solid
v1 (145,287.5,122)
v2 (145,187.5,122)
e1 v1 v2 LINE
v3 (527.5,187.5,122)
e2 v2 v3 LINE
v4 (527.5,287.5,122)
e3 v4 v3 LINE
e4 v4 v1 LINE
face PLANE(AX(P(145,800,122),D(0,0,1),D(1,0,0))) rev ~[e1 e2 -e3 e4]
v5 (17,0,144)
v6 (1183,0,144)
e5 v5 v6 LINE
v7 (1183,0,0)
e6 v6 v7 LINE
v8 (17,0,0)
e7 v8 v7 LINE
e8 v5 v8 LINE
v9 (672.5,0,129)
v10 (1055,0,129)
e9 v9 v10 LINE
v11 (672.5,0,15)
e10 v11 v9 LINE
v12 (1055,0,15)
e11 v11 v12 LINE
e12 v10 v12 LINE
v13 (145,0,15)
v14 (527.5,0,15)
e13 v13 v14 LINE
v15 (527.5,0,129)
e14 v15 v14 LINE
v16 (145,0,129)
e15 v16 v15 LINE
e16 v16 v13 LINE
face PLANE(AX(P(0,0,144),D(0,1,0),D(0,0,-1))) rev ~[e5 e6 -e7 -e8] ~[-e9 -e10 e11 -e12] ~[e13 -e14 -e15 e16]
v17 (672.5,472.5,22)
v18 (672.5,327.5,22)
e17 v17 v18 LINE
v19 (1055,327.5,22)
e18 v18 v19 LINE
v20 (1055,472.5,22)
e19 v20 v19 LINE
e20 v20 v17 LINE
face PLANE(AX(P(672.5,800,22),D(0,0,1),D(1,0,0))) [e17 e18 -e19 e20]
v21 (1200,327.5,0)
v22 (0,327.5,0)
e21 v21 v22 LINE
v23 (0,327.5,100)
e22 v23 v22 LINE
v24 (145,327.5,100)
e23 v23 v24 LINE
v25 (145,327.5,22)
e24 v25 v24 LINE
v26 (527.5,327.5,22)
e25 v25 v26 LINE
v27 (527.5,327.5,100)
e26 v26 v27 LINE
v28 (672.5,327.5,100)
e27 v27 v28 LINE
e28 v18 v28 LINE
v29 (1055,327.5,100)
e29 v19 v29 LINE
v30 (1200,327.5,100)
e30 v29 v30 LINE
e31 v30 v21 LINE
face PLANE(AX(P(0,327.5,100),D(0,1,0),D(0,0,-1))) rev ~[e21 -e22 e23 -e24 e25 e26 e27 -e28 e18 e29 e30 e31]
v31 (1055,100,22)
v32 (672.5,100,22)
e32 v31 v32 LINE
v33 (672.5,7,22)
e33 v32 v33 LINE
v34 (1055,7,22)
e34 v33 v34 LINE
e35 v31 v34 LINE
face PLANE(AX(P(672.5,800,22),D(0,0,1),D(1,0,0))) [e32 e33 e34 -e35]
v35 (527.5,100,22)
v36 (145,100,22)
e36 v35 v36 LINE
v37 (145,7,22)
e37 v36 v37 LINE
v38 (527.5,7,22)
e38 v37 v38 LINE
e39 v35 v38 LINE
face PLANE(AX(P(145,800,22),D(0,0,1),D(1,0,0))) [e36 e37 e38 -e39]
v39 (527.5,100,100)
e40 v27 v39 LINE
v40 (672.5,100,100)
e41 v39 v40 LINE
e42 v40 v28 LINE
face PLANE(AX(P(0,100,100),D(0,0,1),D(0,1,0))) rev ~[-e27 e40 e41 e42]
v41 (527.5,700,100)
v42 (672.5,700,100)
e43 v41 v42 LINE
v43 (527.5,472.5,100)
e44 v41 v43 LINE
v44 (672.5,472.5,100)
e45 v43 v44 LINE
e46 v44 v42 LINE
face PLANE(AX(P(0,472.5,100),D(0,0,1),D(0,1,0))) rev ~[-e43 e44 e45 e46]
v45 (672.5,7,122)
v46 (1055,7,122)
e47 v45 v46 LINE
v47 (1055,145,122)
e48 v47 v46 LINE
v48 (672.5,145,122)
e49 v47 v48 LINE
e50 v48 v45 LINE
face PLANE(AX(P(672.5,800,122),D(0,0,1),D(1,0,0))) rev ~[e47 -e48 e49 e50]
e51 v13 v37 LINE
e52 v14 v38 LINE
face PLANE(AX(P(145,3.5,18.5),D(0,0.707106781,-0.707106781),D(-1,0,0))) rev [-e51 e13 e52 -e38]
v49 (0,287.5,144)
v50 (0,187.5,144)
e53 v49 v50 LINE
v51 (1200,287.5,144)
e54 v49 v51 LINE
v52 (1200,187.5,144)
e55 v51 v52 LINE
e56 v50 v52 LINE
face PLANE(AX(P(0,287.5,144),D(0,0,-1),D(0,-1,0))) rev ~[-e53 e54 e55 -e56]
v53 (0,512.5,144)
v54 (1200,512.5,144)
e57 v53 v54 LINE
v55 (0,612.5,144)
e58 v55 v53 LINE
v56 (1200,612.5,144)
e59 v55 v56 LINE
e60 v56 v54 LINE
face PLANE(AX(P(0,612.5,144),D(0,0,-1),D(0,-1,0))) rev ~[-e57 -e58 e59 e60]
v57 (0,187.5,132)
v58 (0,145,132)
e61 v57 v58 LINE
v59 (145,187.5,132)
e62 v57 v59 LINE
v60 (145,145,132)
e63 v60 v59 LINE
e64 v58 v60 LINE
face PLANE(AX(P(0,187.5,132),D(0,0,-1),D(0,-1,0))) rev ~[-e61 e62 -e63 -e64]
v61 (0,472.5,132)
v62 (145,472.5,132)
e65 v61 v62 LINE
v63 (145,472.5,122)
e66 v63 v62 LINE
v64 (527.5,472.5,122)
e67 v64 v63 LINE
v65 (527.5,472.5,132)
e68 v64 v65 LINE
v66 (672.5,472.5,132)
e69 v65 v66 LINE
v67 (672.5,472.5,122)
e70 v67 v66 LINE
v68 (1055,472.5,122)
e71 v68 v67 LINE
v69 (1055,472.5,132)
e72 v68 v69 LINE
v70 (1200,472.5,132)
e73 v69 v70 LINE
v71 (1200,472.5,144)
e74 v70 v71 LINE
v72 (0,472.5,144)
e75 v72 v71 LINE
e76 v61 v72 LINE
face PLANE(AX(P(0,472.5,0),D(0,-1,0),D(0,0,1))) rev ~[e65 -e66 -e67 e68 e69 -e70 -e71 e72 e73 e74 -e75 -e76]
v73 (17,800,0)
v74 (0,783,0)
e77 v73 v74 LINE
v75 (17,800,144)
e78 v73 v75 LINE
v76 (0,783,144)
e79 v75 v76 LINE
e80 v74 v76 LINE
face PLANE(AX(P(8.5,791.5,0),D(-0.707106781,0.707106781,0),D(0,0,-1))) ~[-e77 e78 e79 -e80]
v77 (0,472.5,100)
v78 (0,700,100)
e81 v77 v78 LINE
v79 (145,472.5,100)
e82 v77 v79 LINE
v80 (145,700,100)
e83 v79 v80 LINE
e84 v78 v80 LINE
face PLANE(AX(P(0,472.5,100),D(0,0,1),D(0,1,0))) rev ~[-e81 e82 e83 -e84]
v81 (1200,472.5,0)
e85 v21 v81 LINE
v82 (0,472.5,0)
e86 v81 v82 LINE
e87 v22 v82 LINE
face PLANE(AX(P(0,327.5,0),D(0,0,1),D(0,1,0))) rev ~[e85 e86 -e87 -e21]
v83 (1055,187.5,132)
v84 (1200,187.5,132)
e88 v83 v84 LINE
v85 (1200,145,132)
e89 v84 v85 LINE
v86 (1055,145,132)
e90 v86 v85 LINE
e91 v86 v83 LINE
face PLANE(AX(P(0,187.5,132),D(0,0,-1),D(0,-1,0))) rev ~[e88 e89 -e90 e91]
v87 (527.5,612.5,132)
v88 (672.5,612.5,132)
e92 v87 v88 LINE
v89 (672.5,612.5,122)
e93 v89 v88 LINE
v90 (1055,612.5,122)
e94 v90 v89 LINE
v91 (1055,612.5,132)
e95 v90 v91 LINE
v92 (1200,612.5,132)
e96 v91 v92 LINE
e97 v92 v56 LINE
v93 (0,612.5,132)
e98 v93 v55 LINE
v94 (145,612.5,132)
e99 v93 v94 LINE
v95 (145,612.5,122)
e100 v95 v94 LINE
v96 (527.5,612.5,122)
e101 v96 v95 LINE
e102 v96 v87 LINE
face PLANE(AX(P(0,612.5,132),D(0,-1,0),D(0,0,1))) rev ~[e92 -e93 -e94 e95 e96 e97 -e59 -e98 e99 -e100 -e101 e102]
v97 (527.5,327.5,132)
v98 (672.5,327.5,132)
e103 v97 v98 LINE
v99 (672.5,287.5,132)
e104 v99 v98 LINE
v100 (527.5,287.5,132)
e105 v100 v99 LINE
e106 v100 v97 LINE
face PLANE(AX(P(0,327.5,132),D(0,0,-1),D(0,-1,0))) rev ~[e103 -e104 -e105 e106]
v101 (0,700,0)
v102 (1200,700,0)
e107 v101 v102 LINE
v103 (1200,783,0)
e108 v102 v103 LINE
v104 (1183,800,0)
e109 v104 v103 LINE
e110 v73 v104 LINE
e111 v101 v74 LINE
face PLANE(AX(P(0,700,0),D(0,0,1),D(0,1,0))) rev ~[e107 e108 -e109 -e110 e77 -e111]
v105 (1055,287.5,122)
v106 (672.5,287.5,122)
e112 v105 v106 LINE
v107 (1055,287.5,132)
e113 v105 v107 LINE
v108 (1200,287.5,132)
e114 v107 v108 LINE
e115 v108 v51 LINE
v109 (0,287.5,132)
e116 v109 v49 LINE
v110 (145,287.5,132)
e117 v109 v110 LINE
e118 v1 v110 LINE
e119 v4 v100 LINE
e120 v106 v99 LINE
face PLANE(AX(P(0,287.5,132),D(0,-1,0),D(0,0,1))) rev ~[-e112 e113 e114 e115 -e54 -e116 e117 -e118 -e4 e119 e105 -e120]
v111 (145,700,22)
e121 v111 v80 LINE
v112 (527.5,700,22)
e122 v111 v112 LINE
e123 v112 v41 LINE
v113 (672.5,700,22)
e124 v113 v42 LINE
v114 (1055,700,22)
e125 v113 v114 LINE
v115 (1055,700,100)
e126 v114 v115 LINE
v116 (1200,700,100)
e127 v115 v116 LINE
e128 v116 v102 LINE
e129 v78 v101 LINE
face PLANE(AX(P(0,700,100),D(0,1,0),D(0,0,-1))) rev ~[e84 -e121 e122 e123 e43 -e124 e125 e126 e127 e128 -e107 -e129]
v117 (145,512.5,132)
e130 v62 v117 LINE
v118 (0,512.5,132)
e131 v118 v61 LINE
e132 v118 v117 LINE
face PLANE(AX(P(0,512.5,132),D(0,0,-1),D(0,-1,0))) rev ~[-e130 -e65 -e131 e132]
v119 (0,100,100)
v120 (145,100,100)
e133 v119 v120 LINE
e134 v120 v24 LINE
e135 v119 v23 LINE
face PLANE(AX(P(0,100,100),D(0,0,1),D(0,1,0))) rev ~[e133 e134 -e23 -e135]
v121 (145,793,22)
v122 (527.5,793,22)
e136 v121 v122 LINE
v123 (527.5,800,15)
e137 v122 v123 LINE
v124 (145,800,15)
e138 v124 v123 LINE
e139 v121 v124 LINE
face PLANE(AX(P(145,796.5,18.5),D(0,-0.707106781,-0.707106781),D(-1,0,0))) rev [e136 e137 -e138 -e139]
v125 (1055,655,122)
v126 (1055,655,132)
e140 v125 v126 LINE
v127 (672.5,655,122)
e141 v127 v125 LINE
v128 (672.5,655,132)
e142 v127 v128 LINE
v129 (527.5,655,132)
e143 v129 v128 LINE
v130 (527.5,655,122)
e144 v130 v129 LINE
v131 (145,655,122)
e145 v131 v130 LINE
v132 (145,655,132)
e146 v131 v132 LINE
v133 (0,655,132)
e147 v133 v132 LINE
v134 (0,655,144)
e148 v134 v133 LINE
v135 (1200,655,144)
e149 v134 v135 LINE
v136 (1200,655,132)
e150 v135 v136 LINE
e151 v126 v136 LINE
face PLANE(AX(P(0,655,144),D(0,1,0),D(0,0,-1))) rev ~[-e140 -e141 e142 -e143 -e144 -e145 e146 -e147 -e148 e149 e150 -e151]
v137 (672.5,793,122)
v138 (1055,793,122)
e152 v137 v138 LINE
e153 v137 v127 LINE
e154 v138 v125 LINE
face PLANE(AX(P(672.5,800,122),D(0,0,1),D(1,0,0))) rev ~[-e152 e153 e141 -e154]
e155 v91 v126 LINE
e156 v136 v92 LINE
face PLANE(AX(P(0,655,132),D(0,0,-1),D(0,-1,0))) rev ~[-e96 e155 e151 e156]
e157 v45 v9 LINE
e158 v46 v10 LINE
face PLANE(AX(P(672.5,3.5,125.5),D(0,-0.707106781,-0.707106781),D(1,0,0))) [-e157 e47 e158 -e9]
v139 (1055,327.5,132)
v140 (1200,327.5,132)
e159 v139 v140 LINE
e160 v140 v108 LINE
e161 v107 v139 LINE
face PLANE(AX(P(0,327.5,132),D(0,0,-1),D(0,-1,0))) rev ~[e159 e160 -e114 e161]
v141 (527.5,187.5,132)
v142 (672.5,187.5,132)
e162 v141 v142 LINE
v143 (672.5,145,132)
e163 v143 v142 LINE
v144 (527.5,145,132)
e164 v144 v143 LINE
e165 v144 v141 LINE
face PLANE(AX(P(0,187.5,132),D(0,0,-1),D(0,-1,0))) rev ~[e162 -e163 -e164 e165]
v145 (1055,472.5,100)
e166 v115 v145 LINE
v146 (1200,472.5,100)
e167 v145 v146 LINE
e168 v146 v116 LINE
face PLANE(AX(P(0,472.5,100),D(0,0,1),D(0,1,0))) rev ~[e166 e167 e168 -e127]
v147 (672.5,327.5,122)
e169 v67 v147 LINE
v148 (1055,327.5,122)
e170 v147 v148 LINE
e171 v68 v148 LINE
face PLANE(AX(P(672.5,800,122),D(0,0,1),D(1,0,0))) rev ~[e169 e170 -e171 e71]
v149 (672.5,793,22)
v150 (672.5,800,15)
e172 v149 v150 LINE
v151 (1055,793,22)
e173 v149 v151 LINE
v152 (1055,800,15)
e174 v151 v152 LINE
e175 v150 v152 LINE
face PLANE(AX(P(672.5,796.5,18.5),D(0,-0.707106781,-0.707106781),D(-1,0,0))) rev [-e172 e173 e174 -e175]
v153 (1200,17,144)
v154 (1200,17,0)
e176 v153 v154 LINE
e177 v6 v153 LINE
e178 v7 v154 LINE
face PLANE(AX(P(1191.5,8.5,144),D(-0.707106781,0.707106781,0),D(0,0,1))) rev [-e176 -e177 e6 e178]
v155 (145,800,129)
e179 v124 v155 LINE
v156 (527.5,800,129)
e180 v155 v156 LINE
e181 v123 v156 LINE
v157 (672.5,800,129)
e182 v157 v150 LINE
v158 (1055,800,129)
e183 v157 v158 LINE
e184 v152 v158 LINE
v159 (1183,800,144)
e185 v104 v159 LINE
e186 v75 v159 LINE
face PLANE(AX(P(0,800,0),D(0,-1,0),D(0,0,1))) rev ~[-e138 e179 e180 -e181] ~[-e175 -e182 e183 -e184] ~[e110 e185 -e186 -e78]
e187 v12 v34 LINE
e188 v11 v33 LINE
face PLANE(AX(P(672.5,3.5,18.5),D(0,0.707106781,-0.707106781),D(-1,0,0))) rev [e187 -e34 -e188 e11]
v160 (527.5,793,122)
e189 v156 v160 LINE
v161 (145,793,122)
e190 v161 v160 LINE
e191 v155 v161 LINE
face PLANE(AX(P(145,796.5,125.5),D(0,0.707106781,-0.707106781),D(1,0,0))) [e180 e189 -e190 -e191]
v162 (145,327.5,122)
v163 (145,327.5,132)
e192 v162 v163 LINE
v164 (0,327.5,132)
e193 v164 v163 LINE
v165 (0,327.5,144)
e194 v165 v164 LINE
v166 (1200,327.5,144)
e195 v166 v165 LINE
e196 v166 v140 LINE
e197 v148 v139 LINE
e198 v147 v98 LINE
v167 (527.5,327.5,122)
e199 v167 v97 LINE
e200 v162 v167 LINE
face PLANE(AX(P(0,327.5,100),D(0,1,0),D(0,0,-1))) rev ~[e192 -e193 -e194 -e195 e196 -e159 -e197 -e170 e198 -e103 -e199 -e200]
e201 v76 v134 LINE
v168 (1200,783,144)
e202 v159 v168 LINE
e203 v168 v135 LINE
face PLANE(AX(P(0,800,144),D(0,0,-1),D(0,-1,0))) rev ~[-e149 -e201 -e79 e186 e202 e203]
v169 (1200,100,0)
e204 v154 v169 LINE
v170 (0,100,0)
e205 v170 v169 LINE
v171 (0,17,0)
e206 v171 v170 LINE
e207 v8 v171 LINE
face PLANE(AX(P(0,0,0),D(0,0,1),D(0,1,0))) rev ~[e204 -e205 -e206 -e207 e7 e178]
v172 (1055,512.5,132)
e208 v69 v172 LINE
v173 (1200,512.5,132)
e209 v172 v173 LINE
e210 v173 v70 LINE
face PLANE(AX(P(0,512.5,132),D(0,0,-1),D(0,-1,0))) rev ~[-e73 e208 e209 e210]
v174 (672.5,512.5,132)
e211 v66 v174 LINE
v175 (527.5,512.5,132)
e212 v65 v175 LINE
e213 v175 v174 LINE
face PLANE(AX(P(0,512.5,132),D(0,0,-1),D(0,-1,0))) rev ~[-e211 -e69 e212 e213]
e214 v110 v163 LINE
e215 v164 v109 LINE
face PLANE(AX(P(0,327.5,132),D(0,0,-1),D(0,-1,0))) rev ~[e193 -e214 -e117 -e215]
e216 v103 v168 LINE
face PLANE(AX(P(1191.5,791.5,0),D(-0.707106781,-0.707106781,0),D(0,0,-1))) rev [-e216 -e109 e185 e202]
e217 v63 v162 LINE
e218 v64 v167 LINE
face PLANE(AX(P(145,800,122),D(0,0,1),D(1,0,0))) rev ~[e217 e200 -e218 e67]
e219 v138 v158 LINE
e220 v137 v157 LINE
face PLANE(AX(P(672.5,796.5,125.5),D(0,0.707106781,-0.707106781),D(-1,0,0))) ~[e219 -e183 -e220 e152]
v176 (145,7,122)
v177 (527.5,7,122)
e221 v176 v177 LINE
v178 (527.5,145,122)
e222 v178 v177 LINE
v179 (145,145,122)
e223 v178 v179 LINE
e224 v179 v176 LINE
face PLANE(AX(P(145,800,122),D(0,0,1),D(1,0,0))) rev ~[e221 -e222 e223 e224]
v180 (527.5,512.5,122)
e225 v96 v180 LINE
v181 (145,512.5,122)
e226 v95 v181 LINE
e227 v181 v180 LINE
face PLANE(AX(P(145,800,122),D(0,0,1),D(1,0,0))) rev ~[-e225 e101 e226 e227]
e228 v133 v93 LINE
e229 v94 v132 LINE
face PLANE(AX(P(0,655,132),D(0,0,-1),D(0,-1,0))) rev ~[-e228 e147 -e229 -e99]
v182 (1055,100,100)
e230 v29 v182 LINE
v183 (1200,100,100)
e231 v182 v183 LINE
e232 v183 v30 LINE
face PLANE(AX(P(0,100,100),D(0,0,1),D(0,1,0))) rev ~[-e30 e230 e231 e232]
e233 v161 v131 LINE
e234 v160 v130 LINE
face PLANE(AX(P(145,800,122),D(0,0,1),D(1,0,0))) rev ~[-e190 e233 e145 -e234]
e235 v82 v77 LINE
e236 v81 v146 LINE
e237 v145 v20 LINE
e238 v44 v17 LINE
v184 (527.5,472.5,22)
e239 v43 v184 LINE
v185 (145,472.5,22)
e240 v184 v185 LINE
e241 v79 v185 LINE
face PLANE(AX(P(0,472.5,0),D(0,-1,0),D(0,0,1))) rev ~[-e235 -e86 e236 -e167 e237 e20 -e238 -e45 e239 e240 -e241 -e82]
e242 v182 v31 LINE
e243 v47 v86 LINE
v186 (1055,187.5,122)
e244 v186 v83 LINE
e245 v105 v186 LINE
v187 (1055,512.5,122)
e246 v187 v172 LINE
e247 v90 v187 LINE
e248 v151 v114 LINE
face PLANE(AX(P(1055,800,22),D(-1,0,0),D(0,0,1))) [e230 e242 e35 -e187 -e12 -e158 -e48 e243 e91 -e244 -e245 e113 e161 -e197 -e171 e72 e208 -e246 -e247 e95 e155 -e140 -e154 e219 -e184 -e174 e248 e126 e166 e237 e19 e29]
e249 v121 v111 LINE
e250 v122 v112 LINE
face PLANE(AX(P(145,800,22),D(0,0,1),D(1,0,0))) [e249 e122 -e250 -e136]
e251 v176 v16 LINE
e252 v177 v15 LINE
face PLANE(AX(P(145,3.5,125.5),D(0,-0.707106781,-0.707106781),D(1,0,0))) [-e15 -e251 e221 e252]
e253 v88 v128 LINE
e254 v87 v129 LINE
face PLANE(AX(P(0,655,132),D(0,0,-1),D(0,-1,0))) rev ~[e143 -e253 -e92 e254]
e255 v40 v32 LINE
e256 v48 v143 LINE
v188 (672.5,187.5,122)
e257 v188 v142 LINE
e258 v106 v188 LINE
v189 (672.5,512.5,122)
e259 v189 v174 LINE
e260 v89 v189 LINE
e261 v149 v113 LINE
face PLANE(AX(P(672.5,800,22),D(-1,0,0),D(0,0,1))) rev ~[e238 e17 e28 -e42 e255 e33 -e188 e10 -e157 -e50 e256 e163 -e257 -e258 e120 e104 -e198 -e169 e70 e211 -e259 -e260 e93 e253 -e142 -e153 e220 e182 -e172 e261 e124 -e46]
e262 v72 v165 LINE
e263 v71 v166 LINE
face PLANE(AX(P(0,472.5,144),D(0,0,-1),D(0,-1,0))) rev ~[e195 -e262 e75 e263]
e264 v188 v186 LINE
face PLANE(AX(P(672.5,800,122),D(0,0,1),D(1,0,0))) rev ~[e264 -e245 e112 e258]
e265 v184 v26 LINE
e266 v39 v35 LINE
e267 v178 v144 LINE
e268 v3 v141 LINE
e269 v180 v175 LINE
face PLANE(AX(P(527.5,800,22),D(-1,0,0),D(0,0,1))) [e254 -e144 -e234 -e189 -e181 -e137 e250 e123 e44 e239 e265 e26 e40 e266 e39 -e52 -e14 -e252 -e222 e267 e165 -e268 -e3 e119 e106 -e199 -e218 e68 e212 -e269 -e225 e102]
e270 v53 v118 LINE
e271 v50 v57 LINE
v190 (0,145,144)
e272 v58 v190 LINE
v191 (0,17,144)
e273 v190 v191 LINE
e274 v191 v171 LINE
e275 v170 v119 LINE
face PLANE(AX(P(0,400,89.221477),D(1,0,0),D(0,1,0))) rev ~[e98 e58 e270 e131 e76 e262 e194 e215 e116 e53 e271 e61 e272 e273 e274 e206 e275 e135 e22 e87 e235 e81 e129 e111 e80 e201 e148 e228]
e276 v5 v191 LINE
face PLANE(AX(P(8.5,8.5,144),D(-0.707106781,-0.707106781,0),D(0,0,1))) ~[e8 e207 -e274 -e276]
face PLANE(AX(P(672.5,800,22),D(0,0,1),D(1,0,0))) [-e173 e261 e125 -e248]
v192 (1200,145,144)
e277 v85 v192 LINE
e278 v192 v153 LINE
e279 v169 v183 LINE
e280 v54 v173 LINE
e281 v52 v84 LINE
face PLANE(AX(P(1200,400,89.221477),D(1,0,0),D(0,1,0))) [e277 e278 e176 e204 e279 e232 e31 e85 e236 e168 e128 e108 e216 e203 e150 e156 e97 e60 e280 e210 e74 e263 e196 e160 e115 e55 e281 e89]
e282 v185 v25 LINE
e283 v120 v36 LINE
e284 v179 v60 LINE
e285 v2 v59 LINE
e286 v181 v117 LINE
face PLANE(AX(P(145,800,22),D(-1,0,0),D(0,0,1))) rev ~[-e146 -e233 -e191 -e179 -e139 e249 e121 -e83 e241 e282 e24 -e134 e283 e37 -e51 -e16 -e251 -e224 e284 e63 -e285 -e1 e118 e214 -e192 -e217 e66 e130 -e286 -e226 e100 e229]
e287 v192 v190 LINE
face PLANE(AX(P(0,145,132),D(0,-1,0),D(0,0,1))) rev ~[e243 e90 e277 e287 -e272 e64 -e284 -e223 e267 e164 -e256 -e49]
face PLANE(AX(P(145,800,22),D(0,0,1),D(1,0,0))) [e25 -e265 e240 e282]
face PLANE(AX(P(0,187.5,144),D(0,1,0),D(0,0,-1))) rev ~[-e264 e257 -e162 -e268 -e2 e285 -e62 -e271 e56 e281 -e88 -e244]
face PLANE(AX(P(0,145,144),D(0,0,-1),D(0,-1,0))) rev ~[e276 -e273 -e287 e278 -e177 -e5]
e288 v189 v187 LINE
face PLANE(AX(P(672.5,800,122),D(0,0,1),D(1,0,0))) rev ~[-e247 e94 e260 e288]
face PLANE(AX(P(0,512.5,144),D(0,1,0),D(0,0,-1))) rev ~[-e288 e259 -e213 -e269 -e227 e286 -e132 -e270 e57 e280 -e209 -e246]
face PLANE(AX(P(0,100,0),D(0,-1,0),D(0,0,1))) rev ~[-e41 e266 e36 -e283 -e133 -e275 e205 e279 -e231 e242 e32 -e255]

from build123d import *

# Parameters (mm, degrees)
PAD_DEPTH       = 1200
CHAMFER_SIZE    = 17
SKETCH001_W     = 382.5
SKETCH001_H     = 42.5
SKETCH001_H_2   = 40
POCKET_DEPTH    = 144
SKETCH002_W     = 100
SKETCH002_H     = 382.5
POCKET001_DEPTH = 800
CHAMFER001_SIZE = 7
CHAMFER002_SIZE = 7


with BuildPart() as part:
    # Sketch → Pad (new body)
    with BuildSketch(Plane.YZ):
        Polygon((800, 0), (800, 144), (655, 144), (655, 132), (612.5, 132), (612.5, 144), (512.5, 144), (512.5, 132), (472.5, 132), (472.5, 144), (327.5, 144), (327.5, 132), (287.5, 132), (287.5, 144), (187.5, 144), (187.5, 132), (145, 132), (145, 144), (0, 144), (0, 0), (100, 0), (100, 100), (327.5, 100), (327.5, 0), (472.5, 0), (472.5, 100), (700, 100), (700, 0), align=None)
    extrude(amount=PAD_DEPTH)

    # Chamfer
    chamfer_edges = [part.edges().sort_by_distance(p)[0] for p in [
        (1200, 0, 72),
        (0, 0, 72),
        (0, 800, 72),
        (1200, 800, 72),
    ]]
    chamfer(chamfer_edges, length=CHAMFER_SIZE)

    # Sketch001 → Pocket (cut)
    with BuildSketch(Plane.XY):
        with Locations((336.25, 166.25)):
            Rectangle(SKETCH001_W, SKETCH001_H)
        with Locations((863.75, 166.25)):
            Rectangle(SKETCH001_W, SKETCH001_H)
        with Locations((336.25, 307.5)):
            Rectangle(SKETCH001_W, SKETCH001_H_2)
        with Locations((863.75, 307.5)):
            Rectangle(SKETCH001_W, SKETCH001_H_2)
        with Locations((336.25, 492.5)):
            Rectangle(SKETCH001_W, SKETCH001_H_2)
        with Locations((863.75, 492.5)):
            Rectangle(SKETCH001_W, SKETCH001_H_2)
        with Locations((336.25, 633.75)):
            Rectangle(SKETCH001_W, SKETCH001_H)
        with Locations((863.75, 633.75)):
            Rectangle(SKETCH001_W, SKETCH001_H)
    extrude(amount=POCKET_DEPTH, mode=Mode.SUBTRACT)

    # Sketch002 (on Face2 of Pocket) → Pocket001 (cut)
    with BuildSketch(Plane.ZX.offset(800)):
        with Locations((72, 863.75)):
            Rectangle(SKETCH002_W, SKETCH002_H)
        with Locations((72, 336.25)):
            Rectangle(SKETCH002_W, SKETCH002_H)
    extrude(amount=-POCKET001_DEPTH, mode=Mode.SUBTRACT)

    # Chamfer001
    chamfer001_edges = [part.edges().sort_by_distance(p)[0] for p in [
        (863.75, 0, 22),
        (336.25, 0, 22),
        (863.75, 0, 122),
        (336.25, 0, 122),
    ]]
    chamfer(chamfer001_edges, length=CHAMFER001_SIZE)

    # Chamfer002
    chamfer002_edges = [part.edges().sort_by_distance(p)[0] for p in [
        (863.75, 800, 22),
        (863.75, 800, 122),
        (336.25, 800, 122),
        (336.25, 800, 22),
    ]]
    chamfer(chamfer002_edges, length=CHAMFER002_SIZE)


solid = part.part
